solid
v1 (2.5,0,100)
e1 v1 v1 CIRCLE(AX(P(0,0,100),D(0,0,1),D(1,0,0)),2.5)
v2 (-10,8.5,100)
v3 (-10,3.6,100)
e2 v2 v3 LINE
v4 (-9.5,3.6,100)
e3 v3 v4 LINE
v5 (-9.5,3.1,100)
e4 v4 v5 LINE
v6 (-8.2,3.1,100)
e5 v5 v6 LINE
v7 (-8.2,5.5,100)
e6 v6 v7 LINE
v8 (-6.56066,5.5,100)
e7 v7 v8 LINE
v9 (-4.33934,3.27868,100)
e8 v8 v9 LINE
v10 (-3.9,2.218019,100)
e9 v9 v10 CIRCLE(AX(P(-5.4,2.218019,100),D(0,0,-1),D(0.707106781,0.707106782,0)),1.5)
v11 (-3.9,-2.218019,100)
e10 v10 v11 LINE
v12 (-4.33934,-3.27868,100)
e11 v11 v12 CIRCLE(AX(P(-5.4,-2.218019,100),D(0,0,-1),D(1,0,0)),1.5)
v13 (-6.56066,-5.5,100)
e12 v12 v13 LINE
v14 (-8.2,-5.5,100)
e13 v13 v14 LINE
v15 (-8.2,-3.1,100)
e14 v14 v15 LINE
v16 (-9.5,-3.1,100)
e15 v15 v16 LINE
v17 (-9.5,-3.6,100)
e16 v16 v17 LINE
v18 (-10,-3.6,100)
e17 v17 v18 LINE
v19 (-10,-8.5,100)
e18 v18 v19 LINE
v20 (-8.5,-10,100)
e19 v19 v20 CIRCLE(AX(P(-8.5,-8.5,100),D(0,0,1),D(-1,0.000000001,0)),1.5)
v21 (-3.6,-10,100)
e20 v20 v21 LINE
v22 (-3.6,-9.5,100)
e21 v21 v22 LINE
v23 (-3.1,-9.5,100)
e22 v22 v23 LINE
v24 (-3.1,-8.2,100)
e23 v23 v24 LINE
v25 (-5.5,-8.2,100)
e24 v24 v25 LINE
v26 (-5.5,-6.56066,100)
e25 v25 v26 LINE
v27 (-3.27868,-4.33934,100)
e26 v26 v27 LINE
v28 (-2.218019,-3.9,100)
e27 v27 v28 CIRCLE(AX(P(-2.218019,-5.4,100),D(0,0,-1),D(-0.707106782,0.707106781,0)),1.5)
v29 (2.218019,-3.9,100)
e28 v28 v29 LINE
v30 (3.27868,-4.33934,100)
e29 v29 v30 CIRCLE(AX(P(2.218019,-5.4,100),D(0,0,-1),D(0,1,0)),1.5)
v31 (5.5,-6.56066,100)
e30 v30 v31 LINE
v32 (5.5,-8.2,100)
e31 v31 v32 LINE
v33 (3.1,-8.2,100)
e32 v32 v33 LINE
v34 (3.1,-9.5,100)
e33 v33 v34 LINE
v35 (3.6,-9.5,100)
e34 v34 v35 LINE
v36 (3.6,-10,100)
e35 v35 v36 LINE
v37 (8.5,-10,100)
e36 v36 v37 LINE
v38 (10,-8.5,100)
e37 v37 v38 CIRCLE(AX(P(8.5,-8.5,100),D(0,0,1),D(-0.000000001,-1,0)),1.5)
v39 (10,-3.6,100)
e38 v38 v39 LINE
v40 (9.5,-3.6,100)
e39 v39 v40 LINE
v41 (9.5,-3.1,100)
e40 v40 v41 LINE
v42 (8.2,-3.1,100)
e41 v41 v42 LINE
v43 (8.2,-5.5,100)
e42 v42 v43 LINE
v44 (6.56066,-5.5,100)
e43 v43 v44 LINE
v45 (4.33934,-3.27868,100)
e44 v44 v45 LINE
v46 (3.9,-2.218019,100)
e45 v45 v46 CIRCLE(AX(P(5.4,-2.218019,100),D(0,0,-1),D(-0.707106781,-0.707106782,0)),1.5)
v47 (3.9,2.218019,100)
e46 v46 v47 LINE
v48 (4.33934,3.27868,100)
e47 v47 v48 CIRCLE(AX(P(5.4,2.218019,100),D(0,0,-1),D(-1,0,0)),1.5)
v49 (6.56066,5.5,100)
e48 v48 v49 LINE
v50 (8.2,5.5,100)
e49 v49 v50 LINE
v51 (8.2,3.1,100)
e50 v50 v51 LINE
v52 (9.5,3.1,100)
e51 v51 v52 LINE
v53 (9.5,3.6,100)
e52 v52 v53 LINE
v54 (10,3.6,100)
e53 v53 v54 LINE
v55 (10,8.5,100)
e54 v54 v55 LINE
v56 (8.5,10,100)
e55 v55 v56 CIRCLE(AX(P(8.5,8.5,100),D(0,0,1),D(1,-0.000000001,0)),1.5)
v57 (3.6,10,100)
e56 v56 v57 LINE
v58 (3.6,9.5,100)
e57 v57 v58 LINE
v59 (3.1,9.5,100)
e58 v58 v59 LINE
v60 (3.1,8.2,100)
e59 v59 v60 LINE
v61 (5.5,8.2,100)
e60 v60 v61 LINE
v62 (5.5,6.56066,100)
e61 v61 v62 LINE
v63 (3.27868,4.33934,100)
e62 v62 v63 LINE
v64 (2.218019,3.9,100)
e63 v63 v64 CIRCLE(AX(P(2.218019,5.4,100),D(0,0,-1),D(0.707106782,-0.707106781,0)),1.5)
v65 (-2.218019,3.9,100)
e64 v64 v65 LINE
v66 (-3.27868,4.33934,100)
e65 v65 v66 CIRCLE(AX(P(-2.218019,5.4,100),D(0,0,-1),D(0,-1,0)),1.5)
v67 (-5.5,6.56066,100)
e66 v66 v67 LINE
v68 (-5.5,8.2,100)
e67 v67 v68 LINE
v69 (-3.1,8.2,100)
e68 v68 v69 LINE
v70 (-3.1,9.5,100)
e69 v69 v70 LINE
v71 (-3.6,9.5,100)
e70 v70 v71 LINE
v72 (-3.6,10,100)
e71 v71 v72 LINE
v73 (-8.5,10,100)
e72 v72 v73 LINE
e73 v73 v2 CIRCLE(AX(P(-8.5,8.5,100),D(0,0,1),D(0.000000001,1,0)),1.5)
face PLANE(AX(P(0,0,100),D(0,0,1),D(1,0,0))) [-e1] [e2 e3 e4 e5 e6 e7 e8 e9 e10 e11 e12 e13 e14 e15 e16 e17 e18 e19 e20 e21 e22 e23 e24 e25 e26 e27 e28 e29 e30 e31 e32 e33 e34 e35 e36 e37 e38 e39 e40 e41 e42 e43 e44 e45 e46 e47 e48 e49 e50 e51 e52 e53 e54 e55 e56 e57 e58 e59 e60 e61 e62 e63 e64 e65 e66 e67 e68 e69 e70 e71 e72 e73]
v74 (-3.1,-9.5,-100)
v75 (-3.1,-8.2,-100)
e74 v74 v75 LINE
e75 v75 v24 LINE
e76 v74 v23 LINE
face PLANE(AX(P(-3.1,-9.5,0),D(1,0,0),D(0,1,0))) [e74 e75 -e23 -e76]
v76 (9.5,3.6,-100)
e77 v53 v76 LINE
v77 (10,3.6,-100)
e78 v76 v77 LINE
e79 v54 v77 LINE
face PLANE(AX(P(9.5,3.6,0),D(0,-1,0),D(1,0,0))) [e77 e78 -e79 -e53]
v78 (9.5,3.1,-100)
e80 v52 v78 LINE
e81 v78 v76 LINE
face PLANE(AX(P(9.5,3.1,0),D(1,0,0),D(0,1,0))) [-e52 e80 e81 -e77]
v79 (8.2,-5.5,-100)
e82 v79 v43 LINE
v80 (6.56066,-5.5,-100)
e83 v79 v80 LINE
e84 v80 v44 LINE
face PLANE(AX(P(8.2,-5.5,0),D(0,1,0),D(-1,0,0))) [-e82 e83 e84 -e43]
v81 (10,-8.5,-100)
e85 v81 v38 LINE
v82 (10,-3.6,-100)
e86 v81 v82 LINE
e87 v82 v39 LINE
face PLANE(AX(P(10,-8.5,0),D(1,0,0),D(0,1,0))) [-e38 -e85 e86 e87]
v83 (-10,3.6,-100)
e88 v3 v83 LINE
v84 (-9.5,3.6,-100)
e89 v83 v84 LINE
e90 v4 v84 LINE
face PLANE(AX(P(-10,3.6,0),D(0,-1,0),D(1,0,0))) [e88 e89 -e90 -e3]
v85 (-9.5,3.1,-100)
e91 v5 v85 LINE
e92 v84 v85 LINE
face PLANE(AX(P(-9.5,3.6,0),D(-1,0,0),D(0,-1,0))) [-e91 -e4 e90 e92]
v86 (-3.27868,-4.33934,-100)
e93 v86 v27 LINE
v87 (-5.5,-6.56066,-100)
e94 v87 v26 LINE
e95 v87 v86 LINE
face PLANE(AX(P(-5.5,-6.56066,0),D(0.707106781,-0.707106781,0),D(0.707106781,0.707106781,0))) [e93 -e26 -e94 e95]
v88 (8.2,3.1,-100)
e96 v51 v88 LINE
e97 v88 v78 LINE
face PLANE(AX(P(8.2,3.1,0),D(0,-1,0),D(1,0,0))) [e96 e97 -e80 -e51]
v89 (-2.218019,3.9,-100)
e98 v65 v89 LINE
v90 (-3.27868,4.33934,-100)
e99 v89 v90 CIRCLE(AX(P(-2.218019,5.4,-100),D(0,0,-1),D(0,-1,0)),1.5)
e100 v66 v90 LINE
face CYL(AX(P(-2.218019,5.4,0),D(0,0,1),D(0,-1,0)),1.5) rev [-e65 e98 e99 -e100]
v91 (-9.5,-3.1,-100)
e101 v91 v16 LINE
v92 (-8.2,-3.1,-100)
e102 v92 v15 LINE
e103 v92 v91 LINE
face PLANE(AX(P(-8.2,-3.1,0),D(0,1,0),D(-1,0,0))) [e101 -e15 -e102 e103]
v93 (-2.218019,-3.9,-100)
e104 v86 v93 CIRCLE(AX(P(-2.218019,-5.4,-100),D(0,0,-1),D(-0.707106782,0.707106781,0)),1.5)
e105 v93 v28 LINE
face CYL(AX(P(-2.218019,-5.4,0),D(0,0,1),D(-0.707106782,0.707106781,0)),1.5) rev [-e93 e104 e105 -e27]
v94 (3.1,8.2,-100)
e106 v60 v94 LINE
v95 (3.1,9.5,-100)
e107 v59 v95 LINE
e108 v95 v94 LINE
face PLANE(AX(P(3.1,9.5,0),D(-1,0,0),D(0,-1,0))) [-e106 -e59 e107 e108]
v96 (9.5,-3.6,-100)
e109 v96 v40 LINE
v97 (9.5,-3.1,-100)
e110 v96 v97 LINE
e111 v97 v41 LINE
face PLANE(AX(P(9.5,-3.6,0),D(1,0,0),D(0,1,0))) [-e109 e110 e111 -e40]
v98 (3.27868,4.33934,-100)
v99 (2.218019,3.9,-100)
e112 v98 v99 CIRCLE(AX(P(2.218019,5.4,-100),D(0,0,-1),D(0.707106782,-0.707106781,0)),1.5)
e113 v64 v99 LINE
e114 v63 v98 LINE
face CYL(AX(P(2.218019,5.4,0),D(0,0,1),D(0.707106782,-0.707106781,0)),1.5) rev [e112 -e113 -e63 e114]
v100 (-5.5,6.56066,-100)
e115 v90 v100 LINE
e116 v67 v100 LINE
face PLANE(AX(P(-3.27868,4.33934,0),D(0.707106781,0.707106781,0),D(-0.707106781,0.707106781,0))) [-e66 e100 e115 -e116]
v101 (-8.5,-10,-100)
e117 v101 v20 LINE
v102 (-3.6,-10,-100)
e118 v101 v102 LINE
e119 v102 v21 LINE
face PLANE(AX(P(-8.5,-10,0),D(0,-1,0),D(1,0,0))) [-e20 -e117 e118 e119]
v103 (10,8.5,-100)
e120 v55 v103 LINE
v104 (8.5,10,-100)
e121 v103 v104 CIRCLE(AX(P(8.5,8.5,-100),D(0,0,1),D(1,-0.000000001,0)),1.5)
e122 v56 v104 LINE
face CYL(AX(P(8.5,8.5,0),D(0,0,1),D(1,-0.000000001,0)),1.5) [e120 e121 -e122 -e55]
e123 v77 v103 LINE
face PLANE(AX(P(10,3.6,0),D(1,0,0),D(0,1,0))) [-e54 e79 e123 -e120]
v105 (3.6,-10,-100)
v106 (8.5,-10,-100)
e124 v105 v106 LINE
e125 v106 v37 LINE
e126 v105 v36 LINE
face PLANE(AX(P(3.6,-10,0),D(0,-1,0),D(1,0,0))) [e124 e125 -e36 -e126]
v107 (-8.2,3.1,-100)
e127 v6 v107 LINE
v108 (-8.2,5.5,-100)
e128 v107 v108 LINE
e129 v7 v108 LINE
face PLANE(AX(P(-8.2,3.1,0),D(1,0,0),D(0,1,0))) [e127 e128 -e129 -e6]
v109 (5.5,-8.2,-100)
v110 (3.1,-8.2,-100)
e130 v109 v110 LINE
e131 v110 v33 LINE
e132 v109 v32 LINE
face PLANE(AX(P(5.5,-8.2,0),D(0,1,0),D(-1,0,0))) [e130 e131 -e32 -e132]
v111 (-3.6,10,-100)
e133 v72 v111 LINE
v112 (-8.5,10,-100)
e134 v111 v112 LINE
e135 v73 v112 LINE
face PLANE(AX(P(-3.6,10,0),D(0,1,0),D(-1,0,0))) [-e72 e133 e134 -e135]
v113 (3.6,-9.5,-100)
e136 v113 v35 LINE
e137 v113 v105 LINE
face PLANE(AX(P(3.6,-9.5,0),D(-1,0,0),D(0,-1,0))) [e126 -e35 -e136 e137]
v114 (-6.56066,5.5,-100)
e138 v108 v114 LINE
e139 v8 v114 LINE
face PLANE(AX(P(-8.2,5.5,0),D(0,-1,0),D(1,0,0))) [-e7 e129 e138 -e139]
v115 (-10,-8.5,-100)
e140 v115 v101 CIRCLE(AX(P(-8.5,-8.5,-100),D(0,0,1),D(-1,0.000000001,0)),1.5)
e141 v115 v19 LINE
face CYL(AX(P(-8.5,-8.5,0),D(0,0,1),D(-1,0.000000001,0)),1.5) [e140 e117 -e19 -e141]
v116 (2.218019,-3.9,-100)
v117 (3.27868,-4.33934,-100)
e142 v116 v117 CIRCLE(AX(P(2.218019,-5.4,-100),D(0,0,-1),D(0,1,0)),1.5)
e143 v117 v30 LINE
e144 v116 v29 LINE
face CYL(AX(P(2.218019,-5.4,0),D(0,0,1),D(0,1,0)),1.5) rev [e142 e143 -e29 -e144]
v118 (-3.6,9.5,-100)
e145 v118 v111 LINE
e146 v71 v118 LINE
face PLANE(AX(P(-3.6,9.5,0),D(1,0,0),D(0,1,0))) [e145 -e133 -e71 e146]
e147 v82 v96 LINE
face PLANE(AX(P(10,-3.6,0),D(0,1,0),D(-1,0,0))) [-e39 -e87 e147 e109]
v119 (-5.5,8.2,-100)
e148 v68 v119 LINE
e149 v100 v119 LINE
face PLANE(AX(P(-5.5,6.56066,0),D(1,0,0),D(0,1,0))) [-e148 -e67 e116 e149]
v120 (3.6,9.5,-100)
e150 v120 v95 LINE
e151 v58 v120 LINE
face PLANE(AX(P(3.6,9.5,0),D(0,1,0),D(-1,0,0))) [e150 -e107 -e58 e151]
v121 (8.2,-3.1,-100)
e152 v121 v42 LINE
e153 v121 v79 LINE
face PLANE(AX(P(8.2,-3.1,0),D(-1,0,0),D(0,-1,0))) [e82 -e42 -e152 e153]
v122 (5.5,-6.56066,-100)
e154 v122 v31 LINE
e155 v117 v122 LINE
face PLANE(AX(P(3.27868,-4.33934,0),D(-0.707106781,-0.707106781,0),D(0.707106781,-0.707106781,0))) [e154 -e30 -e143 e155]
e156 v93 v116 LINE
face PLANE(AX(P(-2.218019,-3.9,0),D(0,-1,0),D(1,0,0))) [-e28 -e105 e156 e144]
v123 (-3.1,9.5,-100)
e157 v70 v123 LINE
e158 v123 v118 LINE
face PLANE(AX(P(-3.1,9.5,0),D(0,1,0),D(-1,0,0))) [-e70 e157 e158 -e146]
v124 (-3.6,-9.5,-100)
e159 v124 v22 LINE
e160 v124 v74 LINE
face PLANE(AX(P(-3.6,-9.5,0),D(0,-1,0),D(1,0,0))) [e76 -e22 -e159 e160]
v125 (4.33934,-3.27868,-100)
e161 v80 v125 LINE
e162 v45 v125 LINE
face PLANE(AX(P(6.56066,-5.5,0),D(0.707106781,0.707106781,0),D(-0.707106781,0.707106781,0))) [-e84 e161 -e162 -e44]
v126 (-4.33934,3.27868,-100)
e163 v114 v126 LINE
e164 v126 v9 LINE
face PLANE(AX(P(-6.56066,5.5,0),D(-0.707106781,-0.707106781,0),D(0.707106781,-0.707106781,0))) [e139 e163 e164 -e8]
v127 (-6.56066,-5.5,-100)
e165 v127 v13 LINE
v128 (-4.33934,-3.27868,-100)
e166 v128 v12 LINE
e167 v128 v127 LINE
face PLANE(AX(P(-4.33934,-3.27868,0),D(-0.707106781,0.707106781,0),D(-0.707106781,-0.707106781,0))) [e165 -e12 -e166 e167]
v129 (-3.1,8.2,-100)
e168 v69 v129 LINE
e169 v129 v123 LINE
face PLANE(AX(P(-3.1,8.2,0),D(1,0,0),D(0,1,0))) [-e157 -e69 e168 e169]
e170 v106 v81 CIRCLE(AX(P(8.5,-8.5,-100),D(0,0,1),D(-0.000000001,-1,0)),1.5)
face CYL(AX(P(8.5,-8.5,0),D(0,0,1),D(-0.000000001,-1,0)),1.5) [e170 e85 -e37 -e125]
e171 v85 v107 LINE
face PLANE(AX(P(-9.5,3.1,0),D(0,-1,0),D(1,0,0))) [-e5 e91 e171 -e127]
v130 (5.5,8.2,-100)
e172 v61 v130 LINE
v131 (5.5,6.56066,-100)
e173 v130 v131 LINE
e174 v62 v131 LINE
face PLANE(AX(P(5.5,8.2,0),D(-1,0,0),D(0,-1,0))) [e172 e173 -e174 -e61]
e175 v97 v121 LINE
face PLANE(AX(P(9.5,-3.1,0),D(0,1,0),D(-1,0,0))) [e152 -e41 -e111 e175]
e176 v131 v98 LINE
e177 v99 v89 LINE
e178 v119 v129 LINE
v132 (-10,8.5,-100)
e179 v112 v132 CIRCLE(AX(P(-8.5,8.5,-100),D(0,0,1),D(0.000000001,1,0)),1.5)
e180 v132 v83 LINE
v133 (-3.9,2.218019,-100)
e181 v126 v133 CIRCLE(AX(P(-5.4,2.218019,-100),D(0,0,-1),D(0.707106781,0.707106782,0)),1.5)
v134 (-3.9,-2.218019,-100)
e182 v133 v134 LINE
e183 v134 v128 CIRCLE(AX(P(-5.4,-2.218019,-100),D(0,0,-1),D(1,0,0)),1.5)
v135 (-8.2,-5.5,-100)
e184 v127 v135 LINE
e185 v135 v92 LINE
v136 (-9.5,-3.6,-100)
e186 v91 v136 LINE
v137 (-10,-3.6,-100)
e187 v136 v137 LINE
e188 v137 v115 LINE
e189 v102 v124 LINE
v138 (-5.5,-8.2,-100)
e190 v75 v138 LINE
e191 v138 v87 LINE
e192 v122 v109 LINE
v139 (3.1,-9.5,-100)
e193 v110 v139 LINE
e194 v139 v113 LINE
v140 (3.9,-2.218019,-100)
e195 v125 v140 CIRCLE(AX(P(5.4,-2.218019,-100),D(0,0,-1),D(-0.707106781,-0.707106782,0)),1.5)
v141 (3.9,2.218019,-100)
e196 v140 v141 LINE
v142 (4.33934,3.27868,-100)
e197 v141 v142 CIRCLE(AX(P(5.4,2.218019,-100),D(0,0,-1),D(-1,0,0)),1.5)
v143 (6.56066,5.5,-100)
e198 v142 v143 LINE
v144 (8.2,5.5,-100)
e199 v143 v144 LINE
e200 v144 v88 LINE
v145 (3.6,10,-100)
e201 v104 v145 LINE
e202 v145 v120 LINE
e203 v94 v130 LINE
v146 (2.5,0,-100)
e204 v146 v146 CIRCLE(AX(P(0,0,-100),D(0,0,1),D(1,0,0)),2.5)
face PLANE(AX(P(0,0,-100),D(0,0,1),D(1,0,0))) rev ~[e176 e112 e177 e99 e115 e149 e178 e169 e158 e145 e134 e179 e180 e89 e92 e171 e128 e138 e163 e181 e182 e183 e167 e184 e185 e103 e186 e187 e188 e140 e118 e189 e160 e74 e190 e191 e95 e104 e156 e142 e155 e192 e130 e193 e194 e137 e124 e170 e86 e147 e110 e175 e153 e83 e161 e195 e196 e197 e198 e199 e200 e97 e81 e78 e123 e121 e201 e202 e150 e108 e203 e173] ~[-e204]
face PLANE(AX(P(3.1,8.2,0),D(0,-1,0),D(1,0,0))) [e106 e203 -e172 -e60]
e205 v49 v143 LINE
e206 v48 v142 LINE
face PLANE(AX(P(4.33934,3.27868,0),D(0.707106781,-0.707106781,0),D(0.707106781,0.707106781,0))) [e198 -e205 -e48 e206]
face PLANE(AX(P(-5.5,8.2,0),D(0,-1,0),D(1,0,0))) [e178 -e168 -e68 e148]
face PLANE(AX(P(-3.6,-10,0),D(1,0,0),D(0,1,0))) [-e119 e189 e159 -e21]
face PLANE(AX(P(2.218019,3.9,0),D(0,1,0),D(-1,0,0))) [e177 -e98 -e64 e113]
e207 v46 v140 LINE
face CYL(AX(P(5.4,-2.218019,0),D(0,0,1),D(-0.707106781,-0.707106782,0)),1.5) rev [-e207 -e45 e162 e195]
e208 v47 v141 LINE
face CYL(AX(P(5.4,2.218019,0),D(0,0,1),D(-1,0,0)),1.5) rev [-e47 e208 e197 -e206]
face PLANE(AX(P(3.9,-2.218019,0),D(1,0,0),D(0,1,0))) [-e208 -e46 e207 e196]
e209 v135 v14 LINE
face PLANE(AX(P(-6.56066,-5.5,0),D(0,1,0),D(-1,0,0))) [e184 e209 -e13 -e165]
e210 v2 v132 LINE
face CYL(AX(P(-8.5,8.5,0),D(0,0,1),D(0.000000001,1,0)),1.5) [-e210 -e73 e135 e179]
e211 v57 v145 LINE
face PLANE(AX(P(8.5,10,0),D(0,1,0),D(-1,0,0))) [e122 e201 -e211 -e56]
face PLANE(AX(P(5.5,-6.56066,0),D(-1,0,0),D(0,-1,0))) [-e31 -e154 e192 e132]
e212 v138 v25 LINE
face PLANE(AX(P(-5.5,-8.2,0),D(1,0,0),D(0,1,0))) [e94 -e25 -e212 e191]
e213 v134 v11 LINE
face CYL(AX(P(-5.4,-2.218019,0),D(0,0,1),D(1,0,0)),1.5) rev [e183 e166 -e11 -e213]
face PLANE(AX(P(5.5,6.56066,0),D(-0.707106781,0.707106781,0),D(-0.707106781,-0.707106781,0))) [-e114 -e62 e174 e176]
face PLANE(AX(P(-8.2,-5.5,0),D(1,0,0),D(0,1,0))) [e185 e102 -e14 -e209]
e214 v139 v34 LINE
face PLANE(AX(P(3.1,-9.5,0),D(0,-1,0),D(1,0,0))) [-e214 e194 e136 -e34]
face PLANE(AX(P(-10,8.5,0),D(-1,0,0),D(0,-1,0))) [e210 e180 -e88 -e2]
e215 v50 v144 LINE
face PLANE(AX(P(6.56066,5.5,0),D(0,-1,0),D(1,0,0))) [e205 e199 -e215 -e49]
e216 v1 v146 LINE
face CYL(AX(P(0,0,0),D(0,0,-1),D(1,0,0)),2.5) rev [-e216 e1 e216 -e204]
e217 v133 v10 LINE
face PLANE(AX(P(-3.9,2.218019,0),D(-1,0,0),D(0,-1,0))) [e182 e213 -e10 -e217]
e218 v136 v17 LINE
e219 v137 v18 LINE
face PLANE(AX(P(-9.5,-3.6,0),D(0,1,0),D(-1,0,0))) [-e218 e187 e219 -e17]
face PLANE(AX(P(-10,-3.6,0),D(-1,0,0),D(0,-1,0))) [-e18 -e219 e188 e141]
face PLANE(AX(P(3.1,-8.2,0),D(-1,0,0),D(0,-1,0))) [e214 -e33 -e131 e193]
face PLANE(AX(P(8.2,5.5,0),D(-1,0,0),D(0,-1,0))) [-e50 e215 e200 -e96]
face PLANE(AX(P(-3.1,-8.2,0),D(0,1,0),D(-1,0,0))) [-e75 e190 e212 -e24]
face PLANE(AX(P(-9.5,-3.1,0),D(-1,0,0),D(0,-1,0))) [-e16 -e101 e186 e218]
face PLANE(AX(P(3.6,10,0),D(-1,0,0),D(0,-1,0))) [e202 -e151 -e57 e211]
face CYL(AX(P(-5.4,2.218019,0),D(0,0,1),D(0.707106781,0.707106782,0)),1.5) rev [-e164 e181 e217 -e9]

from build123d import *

# Parameters (mm, degrees)
SKETCH_1_R      = 2.5
EXTRUDE_1_DEPTH = 100


with BuildPart() as part:
    # 草图1 → 凸台-拉伸1 (new, symmetric)
    with BuildSketch(Plane.XY):
        with BuildLine():
            Line((-6.560660172, 5.5), (-4.339339828, 3.278679656))
            ThreePointArc((-4.339339828, 3.278679656), (-4.014180701, 2.792044633), (-3.9, 2.218019485))
            Line((-3.9, 2.218019485), (-3.9, -2.218019485))
            ThreePointArc((-3.9, -2.218019485), (-4.014180701, -2.792044633), (-4.339339828, -3.278679656))
            Line((-4.339339828, -3.278679656), (-6.560660172, -5.5))
            Line((-6.560660172, -5.5), (-8.2, -5.5))
            Line((-8.2, -5.5), (-8.2, -3.1))
            Line((-8.2, -3.1), (-9.5, -3.1))
            Line((-9.5, -3.1), (-9.5, -3.6))
            Line((-9.5, -3.6), (-10, -3.6))
            Line((-10, -3.6), (-10, -8.5))
            ThreePointArc((-10, -8.5), (-9.560660172, -9.560660172), (-8.5, -10))
            Line((-8.5, -10), (-3.6, -10))
            Line((-3.6, -10), (-3.6, -9.5))
            Line((-3.6, -9.5), (-3.1, -9.5))
            Line((-3.1, -9.5), (-3.1, -8.2))
            Line((-3.1, -8.2), (-5.5, -8.2))
            Line((-5.5, -8.2), (-5.5, -6.560660172))
            Line((-5.5, -6.560660172), (-3.278679656, -4.339339828))
            ThreePointArc((-3.278679656, -4.339339828), (-2.792044633, -4.014180701), (-2.218019485, -3.9))
            Line((-2.218019485, -3.9), (2.218019485, -3.9))
            ThreePointArc((2.218019485, -3.9), (2.792044633, -4.014180701), (3.278679656, -4.339339828))
            Line((3.278679656, -4.339339828), (5.5, -6.560660172))
            Line((5.5, -6.560660172), (5.5, -8.2))
            Line((5.5, -8.2), (3.1, -8.2))
            Line((3.1, -8.2), (3.1, -9.5))
            Line((3.1, -9.5), (3.6, -9.5))
            Line((3.6, -9.5), (3.6, -10))
            Line((3.6, -10), (8.5, -10))
            ThreePointArc((8.5, -10), (9.560660172, -9.560660172), (10, -8.5))
            Line((10, -8.5), (10, -3.6))
            Line((10, -3.6), (9.5, -3.6))
            Line((9.5, -3.6), (9.5, -3.1))
            Line((9.5, -3.1), (8.2, -3.1))
            Line((8.2, -3.1), (8.2, -5.5))
            Line((8.2, -5.5), (6.560660172, -5.5))
            Line((6.560660172, -5.5), (4.339339828, -3.278679656))
            ThreePointArc((4.339339828, -3.278679656), (4.014180701, -2.792044633), (3.9, -2.218019485))
            Line((3.9, -2.218019485), (3.9, 2.218019485))
            ThreePointArc((3.9, 2.218019485), (4.014180701, 2.792044633), (4.339339828, 3.278679656))
            Line((4.339339828, 3.278679656), (6.560660172, 5.5))
            Line((6.560660172, 5.5), (8.2, 5.5))
            Line((8.2, 5.5), (8.2, 3.1))
            Line((8.2, 3.1), (9.5, 3.1))
            Line((9.5, 3.1), (9.5, 3.6))
            Line((9.5, 3.6), (10, 3.6))
            Line((10, 3.6), (10, 8.5))
            ThreePointArc((10, 8.5), (9.560660172, 9.560660172), (8.5, 10))
            Line((8.5, 10), (3.6, 10))
            Line((3.6, 10), (3.6, 9.5))
            Line((3.6, 9.5), (3.1, 9.5))
            Line((3.1, 9.5), (3.1, 8.2))
            Line((3.1, 8.2), (5.5, 8.2))
            Line((5.5, 8.2), (5.5, 6.560660172))
            Line((5.5, 6.560660172), (3.278679656, 4.339339828))
            ThreePointArc((3.278679656, 4.339339828), (2.792044633, 4.014180701), (2.218019485, 3.9))
            Line((2.218019485, 3.9), (-2.218019485, 3.9))
            ThreePointArc((-2.218019485, 3.9), (-2.792044633, 4.014180701), (-3.278679656, 4.339339828))
            Line((-3.278679656, 4.339339828), (-5.5, 6.560660172))
            Line((-5.5, 6.560660172), (-5.5, 8.2))
            Line((-5.5, 8.2), (-3.1, 8.2))
            Line((-3.1, 8.2), (-3.1, 9.5))
            Line((-3.1, 9.5), (-3.6, 9.5))
            Line((-3.6, 9.5), (-3.6, 10))
            Line((-3.6, 10), (-8.5, 10))
            ThreePointArc((-8.5, 10), (-9.560660172, 9.560660172), (-10, 8.5))
            Line((-10, 8.5), (-10, 3.6))
            Line((-10, 3.6), (-9.5, 3.6))
            Line((-9.5, 3.6), (-9.5, 3.1))
            Line((-9.5, 3.1), (-8.2, 3.1))
            Line((-8.2, 3.1), (-8.2, 5.5))
            Line((-8.2, 5.5), (-6.560660172, 5.5))
        make_face()
        Circle(SKETCH_1_R, mode=Mode.SUBTRACT)
    extrude(amount=EXTRUDE_1_DEPTH, both=True)


solid = part.part
